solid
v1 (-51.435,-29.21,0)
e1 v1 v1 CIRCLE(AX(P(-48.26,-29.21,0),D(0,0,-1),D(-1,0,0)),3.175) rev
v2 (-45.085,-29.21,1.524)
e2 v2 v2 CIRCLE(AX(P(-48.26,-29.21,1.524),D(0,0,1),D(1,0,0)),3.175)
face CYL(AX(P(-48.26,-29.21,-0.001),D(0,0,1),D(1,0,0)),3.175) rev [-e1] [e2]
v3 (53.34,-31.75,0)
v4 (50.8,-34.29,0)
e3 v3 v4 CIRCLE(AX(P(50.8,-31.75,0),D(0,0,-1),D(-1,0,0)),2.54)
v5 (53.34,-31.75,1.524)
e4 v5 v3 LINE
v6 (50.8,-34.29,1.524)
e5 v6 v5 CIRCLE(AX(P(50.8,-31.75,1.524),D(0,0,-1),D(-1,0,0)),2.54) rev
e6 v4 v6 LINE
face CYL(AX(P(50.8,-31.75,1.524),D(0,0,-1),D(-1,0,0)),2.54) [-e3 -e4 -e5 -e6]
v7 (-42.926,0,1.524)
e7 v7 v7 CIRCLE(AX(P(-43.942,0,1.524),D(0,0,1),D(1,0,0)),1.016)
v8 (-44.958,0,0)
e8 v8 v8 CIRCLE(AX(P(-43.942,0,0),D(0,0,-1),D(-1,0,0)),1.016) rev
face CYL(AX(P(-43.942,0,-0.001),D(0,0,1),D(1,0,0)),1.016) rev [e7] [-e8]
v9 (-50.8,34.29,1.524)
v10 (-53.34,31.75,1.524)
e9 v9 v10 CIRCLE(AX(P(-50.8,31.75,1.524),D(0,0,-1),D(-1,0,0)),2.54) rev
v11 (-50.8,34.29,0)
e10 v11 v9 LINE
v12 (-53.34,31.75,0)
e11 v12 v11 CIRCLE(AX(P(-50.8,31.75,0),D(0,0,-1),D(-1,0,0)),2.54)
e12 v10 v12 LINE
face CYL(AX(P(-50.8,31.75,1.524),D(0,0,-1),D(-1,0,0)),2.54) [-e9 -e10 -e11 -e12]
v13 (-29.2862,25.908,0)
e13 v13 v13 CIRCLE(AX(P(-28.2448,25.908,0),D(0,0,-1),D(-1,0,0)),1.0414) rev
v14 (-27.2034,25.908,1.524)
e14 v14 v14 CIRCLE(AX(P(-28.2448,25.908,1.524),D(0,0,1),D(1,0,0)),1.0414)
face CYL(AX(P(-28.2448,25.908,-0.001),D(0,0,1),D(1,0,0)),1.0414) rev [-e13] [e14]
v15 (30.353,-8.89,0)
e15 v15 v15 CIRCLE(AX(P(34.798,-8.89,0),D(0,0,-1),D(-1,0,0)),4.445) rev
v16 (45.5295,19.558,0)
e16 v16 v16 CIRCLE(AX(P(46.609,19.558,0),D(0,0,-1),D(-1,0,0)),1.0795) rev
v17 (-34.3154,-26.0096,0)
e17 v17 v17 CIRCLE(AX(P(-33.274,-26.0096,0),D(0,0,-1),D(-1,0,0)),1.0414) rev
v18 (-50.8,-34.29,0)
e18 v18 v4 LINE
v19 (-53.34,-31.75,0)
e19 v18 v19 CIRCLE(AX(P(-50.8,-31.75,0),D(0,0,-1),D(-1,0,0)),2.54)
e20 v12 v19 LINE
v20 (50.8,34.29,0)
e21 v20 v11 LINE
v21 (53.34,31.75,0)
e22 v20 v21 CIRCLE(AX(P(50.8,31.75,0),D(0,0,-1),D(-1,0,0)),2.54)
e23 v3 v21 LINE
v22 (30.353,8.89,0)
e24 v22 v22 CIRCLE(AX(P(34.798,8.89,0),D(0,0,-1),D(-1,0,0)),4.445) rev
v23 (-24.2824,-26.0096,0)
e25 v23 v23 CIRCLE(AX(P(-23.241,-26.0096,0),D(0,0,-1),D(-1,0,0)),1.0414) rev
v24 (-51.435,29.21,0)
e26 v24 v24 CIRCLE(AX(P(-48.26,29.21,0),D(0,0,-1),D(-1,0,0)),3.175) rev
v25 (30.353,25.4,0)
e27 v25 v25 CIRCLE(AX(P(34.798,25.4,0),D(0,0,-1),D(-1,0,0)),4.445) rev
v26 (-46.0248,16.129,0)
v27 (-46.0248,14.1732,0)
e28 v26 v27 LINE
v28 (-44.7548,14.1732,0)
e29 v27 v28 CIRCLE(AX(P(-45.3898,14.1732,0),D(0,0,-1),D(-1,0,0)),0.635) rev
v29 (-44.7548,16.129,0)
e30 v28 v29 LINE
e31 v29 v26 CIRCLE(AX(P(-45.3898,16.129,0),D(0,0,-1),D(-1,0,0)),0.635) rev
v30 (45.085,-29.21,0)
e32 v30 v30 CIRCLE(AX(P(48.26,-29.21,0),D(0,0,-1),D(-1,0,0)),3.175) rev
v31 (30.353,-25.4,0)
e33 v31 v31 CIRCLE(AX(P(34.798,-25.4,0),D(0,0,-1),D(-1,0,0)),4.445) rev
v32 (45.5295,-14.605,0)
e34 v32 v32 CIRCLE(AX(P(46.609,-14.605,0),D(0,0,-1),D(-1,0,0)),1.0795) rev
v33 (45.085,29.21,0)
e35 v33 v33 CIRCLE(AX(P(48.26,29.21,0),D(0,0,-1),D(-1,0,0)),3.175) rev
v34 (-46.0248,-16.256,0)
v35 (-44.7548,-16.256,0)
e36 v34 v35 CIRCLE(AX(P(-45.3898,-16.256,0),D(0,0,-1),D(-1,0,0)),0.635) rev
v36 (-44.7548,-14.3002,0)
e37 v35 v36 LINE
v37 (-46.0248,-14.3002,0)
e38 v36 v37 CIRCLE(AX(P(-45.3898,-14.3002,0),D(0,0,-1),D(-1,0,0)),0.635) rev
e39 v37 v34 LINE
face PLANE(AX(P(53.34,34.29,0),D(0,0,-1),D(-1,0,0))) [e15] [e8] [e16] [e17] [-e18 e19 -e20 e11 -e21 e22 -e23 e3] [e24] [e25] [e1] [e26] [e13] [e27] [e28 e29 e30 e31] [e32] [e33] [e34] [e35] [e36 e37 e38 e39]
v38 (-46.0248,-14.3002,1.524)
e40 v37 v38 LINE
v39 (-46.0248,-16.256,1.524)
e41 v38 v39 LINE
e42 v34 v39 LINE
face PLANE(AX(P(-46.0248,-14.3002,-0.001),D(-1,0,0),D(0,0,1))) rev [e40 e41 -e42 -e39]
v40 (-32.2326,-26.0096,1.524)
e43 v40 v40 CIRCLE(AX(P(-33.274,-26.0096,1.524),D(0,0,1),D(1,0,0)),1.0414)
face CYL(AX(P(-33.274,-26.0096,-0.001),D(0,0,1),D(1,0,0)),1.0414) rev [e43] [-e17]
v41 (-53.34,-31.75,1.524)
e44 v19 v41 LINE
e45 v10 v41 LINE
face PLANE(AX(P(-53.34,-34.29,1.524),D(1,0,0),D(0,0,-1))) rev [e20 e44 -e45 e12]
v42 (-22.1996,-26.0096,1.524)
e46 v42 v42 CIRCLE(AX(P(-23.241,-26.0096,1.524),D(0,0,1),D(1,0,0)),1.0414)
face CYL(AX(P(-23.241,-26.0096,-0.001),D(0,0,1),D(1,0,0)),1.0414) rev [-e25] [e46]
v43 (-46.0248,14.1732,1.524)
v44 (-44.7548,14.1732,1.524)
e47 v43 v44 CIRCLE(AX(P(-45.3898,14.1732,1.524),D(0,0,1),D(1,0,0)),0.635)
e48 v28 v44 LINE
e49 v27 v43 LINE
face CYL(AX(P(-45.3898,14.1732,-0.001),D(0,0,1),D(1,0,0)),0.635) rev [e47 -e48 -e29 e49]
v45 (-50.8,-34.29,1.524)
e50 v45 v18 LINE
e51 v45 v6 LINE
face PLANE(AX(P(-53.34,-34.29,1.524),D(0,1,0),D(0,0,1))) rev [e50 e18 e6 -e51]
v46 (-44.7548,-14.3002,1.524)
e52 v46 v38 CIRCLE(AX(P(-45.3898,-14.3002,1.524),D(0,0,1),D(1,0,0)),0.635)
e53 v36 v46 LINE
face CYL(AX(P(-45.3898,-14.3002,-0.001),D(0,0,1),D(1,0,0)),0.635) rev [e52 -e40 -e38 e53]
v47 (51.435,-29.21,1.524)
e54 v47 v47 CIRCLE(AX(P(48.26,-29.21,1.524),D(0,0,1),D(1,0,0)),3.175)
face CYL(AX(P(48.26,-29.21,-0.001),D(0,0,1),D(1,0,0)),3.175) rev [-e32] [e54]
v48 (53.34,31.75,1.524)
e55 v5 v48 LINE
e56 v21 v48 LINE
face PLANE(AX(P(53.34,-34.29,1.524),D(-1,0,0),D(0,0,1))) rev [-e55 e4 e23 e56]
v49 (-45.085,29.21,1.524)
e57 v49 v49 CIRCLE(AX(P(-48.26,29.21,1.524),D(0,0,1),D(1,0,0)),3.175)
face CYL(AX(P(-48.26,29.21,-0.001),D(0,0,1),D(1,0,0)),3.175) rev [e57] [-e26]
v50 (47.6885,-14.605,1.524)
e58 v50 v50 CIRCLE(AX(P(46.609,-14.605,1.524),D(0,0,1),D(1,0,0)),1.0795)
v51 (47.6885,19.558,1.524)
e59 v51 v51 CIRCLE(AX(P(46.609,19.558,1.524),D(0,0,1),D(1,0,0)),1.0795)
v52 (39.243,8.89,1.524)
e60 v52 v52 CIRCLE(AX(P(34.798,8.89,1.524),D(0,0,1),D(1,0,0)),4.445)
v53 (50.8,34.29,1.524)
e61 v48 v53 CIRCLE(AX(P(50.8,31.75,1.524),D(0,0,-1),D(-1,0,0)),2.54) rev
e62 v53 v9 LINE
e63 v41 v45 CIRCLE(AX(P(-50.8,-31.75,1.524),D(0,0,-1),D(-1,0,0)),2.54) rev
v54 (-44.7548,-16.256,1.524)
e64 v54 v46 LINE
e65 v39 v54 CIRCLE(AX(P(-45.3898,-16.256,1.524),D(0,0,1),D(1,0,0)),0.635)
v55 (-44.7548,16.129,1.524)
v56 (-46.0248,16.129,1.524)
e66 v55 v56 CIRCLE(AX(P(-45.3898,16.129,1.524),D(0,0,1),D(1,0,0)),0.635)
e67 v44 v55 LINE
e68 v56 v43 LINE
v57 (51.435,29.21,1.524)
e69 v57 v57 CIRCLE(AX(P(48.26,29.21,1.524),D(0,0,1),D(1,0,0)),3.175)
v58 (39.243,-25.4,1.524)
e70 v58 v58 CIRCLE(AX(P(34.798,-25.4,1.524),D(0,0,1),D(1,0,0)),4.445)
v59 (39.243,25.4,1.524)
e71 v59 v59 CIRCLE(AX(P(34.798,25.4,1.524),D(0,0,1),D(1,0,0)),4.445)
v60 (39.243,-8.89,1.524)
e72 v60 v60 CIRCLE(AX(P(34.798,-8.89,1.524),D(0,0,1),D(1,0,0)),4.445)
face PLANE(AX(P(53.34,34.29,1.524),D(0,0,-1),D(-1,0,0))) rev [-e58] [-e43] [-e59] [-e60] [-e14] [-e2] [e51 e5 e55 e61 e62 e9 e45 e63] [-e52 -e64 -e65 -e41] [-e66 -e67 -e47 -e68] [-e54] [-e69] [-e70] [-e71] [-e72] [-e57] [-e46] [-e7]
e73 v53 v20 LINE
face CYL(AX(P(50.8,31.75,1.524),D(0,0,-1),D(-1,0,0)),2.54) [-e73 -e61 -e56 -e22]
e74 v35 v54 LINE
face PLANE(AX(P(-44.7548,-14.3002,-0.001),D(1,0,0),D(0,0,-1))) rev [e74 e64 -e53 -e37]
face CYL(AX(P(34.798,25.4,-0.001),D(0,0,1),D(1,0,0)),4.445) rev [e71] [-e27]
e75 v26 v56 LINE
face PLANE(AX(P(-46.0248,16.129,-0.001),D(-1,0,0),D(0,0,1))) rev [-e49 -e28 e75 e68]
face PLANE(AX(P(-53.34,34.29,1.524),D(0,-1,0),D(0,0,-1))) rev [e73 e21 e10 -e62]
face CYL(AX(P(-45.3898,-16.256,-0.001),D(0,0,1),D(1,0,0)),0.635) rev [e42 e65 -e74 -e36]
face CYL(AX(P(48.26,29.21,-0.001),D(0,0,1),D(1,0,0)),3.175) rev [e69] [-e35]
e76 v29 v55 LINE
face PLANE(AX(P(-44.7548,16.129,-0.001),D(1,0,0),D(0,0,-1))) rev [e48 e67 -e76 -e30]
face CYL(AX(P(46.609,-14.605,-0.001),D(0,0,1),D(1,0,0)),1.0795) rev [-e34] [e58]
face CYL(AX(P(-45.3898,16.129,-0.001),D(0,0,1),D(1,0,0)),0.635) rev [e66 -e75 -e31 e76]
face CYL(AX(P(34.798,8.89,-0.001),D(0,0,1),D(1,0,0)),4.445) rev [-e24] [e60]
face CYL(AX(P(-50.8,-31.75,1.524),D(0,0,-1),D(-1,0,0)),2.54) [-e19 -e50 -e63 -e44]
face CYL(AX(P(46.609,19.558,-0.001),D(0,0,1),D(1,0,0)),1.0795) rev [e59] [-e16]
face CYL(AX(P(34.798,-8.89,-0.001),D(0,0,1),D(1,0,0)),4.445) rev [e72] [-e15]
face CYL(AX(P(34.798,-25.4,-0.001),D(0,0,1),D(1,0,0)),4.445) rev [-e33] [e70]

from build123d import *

# Parameters (mm, degrees)
SKETCH1_W           = 106.68
SKETCH1_H           = 68.58
BOSS_EXTRUDE1_DEPTH = 1.524
CUT_EXTRUDE1_REACH  = 65.429
SKETCH2_R           = 3.175
CUT_EXTRUDE2_REACH  = 65.429
SKETCH3_R           = 4.445
FILLET1_R           = 2.54
CUT_EXTRUDE3_REACH  = 65.429
SKETCH4_R           = 1.0414
SKETCH4_R_2         = 1.0795
CUT_EXTRUDE4_REACH  = 65.429
SKETCH5_R           = 1.016
CUT_EXTRUDE5_REACH  = 65.429


with BuildPart() as part:
    # Sketch1 → Boss-Extrude1 (new body)
    with BuildSketch(Plane.XY):
        Rectangle(SKETCH1_W, SKETCH1_H)
    extrude(amount=BOSS_EXTRUDE1_DEPTH)

    # Sketch2 → Cut-Extrude1 (cut, up to next)
    with BuildSketch(Plane.XY.offset(1.524), mode=Mode.PRIVATE) as cut_extrude1_sk1:
        with Locations((-48.26, 29.21)):
            Circle(SKETCH2_R)
    cut_extrude1_tool1 = extrude(cut_extrude1_sk1.sketch, amount=-CUT_EXTRUDE1_REACH, mode=Mode.PRIVATE) & part.part
    # Sketch2 → Cut-Extrude1 (cut, up to next)
    with BuildSketch(Plane.XY.offset(1.524), mode=Mode.PRIVATE) as cut_extrude1_sk2:
        with Locations((-48.26, -29.21)):
            Circle(SKETCH2_R)
    cut_extrude1_tool2 = extrude(cut_extrude1_sk2.sketch, amount=-CUT_EXTRUDE1_REACH, mode=Mode.PRIVATE) & part.part
    # Sketch2 → Cut-Extrude1 (cut, up to next)
    with BuildSketch(Plane.XY.offset(1.524), mode=Mode.PRIVATE) as cut_extrude1_sk3:
        with Locations((48.26, -29.21)):
            Circle(SKETCH2_R)
    cut_extrude1_tool3 = extrude(cut_extrude1_sk3.sketch, amount=-CUT_EXTRUDE1_REACH, mode=Mode.PRIVATE) & part.part
    # Sketch2 → Cut-Extrude1 (cut, up to next)
    with BuildSketch(Plane.XY.offset(1.524), mode=Mode.PRIVATE) as cut_extrude1_sk4:
        with Locations((48.26, 29.21)):
            Circle(SKETCH2_R)
    cut_extrude1_tool4 = extrude(cut_extrude1_sk4.sketch, amount=-CUT_EXTRUDE1_REACH, mode=Mode.PRIVATE) & part.part
    add(cut_extrude1_tool1.solids().sort_by_distance((-48.26, 29.21, 1.524))[0], mode=Mode.SUBTRACT)
    add(cut_extrude1_tool2.solids().sort_by_distance((-48.26, -29.21, 1.524))[0], mode=Mode.SUBTRACT)
    add(cut_extrude1_tool3.solids().sort_by_distance((48.26, -29.21, 1.524))[0], mode=Mode.SUBTRACT)
    add(cut_extrude1_tool4.solids().sort_by_distance((48.26, 29.21, 1.524))[0], mode=Mode.SUBTRACT)

    # Sketch3 → Cut-Extrude2 (cut, up to next)
    with BuildSketch(Plane.XY.offset(1.524), mode=Mode.PRIVATE) as cut_extrude2_sk1:
        with Locations((34.798, -25.4)):
            Circle(SKETCH3_R)
    cut_extrude2_tool1 = extrude(cut_extrude2_sk1.sketch, amount=-CUT_EXTRUDE2_REACH, mode=Mode.PRIVATE) & part.part
    # Sketch3 → Cut-Extrude2 (cut, up to next)
    with BuildSketch(Plane.XY.offset(1.524), mode=Mode.PRIVATE) as cut_extrude2_sk2:
        with Locations((34.798, -8.89)):
            Circle(SKETCH3_R)
    cut_extrude2_tool2 = extrude(cut_extrude2_sk2.sketch, amount=-CUT_EXTRUDE2_REACH, mode=Mode.PRIVATE) & part.part
    # Sketch3 → Cut-Extrude2 (cut, up to next)
    with BuildSketch(Plane.XY.offset(1.524), mode=Mode.PRIVATE) as cut_extrude2_sk3:
        with Locations((34.798, 8.89)):
            Circle(SKETCH3_R)
    cut_extrude2_tool3 = extrude(cut_extrude2_sk3.sketch, amount=-CUT_EXTRUDE2_REACH, mode=Mode.PRIVATE) & part.part
    # Sketch3 → Cut-Extrude2 (cut, up to next)
    with BuildSketch(Plane.XY.offset(1.524), mode=Mode.PRIVATE) as cut_extrude2_sk4:
        with Locations((34.798, 25.4)):
            Circle(SKETCH3_R)
    cut_extrude2_tool4 = extrude(cut_extrude2_sk4.sketch, amount=-CUT_EXTRUDE2_REACH, mode=Mode.PRIVATE) & part.part
    add(cut_extrude2_tool1.solids().sort_by_distance((34.798, -25.4, 1.524))[0], mode=Mode.SUBTRACT)
    add(cut_extrude2_tool2.solids().sort_by_distance((34.798, -8.89, 1.524))[0], mode=Mode.SUBTRACT)
    add(cut_extrude2_tool3.solids().sort_by_distance((34.798, 8.89, 1.524))[0], mode=Mode.SUBTRACT)
    add(cut_extrude2_tool4.solids().sort_by_distance((34.798, 25.4, 1.524))[0], mode=Mode.SUBTRACT)

    # Fillet1
    fillet1_edges = [part.edges().sort_by_distance(p)[0] for p in [
        (53.34, -34.29, 0.762),
        (-53.34, -34.29, 0.762),
        (-53.34, 34.29, 0.762),
        (53.34, 34.29, 0.762),
    ]]
    fillet(fillet1_edges, radius=FILLET1_R)

    # Sketch4 → Cut-Extrude3 (cut, up to next)
    with BuildSketch(Plane.XY.offset(1.524), mode=Mode.PRIVATE) as cut_extrude3_sk1:
        with Locations((-23.241, -26.0096)):
            Circle(SKETCH4_R)
    cut_extrude3_tool1 = extrude(cut_extrude3_sk1.sketch, amount=-CUT_EXTRUDE3_REACH, mode=Mode.PRIVATE) & part.part
    # Sketch4 → Cut-Extrude3 (cut, up to next)
    with BuildSketch(Plane.XY.offset(1.524), mode=Mode.PRIVATE) as cut_extrude3_sk2:
        with Locations((-33.274, -26.0096)):
            Circle(SKETCH4_R)
    cut_extrude3_tool2 = extrude(cut_extrude3_sk2.sketch, amount=-CUT_EXTRUDE3_REACH, mode=Mode.PRIVATE) & part.part
    # Sketch4 → Cut-Extrude3 (cut, up to next)
    with BuildSketch(Plane.XY.offset(1.524), mode=Mode.PRIVATE) as cut_extrude3_sk3:
        with Locations((-28.2448, 25.908)):
            Circle(SKETCH4_R)
    cut_extrude3_tool3 = extrude(cut_extrude3_sk3.sketch, amount=-CUT_EXTRUDE3_REACH, mode=Mode.PRIVATE) & part.part
    # Sketch4 → Cut-Extrude3 (cut, up to next)
    with BuildSketch(Plane.XY.offset(1.524), mode=Mode.PRIVATE) as cut_extrude3_sk4:
        with Locations((46.609, 19.558)):
            Circle(SKETCH4_R_2)
    cut_extrude3_tool4 = extrude(cut_extrude3_sk4.sketch, amount=-CUT_EXTRUDE3_REACH, mode=Mode.PRIVATE) & part.part
    # Sketch4 → Cut-Extrude3 (cut, up to next)
    with BuildSketch(Plane.XY.offset(1.524), mode=Mode.PRIVATE) as cut_extrude3_sk5:
        with Locations((46.609, -14.605)):
            Circle(SKETCH4_R_2)
    cut_extrude3_tool5 = extrude(cut_extrude3_sk5.sketch, amount=-CUT_EXTRUDE3_REACH, mode=Mode.PRIVATE) & part.part
    add(cut_extrude3_tool1.solids().sort_by_distance((-23.241, -26.0096, 1.524))[0], mode=Mode.SUBTRACT)
    add(cut_extrude3_tool2.solids().sort_by_distance((-33.274, -26.0096, 1.524))[0], mode=Mode.SUBTRACT)
    add(cut_extrude3_tool3.solids().sort_by_distance((-28.2448, 25.908, 1.524))[0], mode=Mode.SUBTRACT)
    add(cut_extrude3_tool4.solids().sort_by_distance((46.609, 19.558, 1.524))[0], mode=Mode.SUBTRACT)
    add(cut_extrude3_tool5.solids().sort_by_distance((46.609, -14.605, 1.524))[0], mode=Mode.SUBTRACT)

    # Sketch5 → Cut-Extrude4 (cut, up to next)
    with BuildSketch(Plane.XY.offset(1.524), mode=Mode.PRIVATE) as cut_extrude4_sk1:
        with Locations((-43.942, 0)):
            Circle(SKETCH5_R)
    cut_extrude4_tool1 = extrude(cut_extrude4_sk1.sketch, amount=-CUT_EXTRUDE4_REACH, mode=Mode.PRIVATE) & part.part
    add(cut_extrude4_tool1.solids().sort_by_distance((-43.942, 0, 1.524))[0], mode=Mode.SUBTRACT)

    # Sketch6 → Cut-Extrude5 (cut, up to next)
    with BuildSketch(Plane.XY.offset(1.524), mode=Mode.PRIVATE) as cut_extrude5_sk1:
        with BuildLine():
            Line((-44.7548, 16.129), (-44.7548, 14.1732))
            ThreePointArc((-44.7548, 14.1732), (-45.3898, 13.5382), (-46.0248, 14.1732))
            Line((-46.0248, 14.1732), (-46.0248, 16.129))
            ThreePointArc((-46.0248, 16.129), (-45.3898, 16.764), (-44.7548, 16.129))
        make_face()
    cut_extrude5_tool1 = extrude(cut_extrude5_sk1.sketch, amount=-CUT_EXTRUDE5_REACH, mode=Mode.PRIVATE) & part.part
    # Sketch6 → Cut-Extrude5 (cut, up to next)
    with BuildSketch(Plane.XY.offset(1.524), mode=Mode.PRIVATE) as cut_extrude5_sk2:
        with BuildLine():
            Line((-44.7548, -14.3002), (-44.7548, -16.256))
            ThreePointArc((-44.7548, -16.256), (-45.3898, -16.891), (-46.0248, -16.256))
            Line((-46.0248, -16.256), (-46.0248, -14.3002))
            ThreePointArc((-46.0248, -14.3002), (-45.3898, -13.6652), (-44.7548, -14.3002))
        make_face()
    cut_extrude5_tool2 = extrude(cut_extrude5_sk2.sketch, amount=-CUT_EXTRUDE5_REACH, mode=Mode.PRIVATE) & part.part
    add(cut_extrude5_tool1.solids().sort_by_distance((-45.3898, 15.1511, 1.524))[0], mode=Mode.SUBTRACT)
    add(cut_extrude5_tool2.solids().sort_by_distance((-45.3898, -15.2781, 1.524))[0], mode=Mode.SUBTRACT)


solid = part.part
